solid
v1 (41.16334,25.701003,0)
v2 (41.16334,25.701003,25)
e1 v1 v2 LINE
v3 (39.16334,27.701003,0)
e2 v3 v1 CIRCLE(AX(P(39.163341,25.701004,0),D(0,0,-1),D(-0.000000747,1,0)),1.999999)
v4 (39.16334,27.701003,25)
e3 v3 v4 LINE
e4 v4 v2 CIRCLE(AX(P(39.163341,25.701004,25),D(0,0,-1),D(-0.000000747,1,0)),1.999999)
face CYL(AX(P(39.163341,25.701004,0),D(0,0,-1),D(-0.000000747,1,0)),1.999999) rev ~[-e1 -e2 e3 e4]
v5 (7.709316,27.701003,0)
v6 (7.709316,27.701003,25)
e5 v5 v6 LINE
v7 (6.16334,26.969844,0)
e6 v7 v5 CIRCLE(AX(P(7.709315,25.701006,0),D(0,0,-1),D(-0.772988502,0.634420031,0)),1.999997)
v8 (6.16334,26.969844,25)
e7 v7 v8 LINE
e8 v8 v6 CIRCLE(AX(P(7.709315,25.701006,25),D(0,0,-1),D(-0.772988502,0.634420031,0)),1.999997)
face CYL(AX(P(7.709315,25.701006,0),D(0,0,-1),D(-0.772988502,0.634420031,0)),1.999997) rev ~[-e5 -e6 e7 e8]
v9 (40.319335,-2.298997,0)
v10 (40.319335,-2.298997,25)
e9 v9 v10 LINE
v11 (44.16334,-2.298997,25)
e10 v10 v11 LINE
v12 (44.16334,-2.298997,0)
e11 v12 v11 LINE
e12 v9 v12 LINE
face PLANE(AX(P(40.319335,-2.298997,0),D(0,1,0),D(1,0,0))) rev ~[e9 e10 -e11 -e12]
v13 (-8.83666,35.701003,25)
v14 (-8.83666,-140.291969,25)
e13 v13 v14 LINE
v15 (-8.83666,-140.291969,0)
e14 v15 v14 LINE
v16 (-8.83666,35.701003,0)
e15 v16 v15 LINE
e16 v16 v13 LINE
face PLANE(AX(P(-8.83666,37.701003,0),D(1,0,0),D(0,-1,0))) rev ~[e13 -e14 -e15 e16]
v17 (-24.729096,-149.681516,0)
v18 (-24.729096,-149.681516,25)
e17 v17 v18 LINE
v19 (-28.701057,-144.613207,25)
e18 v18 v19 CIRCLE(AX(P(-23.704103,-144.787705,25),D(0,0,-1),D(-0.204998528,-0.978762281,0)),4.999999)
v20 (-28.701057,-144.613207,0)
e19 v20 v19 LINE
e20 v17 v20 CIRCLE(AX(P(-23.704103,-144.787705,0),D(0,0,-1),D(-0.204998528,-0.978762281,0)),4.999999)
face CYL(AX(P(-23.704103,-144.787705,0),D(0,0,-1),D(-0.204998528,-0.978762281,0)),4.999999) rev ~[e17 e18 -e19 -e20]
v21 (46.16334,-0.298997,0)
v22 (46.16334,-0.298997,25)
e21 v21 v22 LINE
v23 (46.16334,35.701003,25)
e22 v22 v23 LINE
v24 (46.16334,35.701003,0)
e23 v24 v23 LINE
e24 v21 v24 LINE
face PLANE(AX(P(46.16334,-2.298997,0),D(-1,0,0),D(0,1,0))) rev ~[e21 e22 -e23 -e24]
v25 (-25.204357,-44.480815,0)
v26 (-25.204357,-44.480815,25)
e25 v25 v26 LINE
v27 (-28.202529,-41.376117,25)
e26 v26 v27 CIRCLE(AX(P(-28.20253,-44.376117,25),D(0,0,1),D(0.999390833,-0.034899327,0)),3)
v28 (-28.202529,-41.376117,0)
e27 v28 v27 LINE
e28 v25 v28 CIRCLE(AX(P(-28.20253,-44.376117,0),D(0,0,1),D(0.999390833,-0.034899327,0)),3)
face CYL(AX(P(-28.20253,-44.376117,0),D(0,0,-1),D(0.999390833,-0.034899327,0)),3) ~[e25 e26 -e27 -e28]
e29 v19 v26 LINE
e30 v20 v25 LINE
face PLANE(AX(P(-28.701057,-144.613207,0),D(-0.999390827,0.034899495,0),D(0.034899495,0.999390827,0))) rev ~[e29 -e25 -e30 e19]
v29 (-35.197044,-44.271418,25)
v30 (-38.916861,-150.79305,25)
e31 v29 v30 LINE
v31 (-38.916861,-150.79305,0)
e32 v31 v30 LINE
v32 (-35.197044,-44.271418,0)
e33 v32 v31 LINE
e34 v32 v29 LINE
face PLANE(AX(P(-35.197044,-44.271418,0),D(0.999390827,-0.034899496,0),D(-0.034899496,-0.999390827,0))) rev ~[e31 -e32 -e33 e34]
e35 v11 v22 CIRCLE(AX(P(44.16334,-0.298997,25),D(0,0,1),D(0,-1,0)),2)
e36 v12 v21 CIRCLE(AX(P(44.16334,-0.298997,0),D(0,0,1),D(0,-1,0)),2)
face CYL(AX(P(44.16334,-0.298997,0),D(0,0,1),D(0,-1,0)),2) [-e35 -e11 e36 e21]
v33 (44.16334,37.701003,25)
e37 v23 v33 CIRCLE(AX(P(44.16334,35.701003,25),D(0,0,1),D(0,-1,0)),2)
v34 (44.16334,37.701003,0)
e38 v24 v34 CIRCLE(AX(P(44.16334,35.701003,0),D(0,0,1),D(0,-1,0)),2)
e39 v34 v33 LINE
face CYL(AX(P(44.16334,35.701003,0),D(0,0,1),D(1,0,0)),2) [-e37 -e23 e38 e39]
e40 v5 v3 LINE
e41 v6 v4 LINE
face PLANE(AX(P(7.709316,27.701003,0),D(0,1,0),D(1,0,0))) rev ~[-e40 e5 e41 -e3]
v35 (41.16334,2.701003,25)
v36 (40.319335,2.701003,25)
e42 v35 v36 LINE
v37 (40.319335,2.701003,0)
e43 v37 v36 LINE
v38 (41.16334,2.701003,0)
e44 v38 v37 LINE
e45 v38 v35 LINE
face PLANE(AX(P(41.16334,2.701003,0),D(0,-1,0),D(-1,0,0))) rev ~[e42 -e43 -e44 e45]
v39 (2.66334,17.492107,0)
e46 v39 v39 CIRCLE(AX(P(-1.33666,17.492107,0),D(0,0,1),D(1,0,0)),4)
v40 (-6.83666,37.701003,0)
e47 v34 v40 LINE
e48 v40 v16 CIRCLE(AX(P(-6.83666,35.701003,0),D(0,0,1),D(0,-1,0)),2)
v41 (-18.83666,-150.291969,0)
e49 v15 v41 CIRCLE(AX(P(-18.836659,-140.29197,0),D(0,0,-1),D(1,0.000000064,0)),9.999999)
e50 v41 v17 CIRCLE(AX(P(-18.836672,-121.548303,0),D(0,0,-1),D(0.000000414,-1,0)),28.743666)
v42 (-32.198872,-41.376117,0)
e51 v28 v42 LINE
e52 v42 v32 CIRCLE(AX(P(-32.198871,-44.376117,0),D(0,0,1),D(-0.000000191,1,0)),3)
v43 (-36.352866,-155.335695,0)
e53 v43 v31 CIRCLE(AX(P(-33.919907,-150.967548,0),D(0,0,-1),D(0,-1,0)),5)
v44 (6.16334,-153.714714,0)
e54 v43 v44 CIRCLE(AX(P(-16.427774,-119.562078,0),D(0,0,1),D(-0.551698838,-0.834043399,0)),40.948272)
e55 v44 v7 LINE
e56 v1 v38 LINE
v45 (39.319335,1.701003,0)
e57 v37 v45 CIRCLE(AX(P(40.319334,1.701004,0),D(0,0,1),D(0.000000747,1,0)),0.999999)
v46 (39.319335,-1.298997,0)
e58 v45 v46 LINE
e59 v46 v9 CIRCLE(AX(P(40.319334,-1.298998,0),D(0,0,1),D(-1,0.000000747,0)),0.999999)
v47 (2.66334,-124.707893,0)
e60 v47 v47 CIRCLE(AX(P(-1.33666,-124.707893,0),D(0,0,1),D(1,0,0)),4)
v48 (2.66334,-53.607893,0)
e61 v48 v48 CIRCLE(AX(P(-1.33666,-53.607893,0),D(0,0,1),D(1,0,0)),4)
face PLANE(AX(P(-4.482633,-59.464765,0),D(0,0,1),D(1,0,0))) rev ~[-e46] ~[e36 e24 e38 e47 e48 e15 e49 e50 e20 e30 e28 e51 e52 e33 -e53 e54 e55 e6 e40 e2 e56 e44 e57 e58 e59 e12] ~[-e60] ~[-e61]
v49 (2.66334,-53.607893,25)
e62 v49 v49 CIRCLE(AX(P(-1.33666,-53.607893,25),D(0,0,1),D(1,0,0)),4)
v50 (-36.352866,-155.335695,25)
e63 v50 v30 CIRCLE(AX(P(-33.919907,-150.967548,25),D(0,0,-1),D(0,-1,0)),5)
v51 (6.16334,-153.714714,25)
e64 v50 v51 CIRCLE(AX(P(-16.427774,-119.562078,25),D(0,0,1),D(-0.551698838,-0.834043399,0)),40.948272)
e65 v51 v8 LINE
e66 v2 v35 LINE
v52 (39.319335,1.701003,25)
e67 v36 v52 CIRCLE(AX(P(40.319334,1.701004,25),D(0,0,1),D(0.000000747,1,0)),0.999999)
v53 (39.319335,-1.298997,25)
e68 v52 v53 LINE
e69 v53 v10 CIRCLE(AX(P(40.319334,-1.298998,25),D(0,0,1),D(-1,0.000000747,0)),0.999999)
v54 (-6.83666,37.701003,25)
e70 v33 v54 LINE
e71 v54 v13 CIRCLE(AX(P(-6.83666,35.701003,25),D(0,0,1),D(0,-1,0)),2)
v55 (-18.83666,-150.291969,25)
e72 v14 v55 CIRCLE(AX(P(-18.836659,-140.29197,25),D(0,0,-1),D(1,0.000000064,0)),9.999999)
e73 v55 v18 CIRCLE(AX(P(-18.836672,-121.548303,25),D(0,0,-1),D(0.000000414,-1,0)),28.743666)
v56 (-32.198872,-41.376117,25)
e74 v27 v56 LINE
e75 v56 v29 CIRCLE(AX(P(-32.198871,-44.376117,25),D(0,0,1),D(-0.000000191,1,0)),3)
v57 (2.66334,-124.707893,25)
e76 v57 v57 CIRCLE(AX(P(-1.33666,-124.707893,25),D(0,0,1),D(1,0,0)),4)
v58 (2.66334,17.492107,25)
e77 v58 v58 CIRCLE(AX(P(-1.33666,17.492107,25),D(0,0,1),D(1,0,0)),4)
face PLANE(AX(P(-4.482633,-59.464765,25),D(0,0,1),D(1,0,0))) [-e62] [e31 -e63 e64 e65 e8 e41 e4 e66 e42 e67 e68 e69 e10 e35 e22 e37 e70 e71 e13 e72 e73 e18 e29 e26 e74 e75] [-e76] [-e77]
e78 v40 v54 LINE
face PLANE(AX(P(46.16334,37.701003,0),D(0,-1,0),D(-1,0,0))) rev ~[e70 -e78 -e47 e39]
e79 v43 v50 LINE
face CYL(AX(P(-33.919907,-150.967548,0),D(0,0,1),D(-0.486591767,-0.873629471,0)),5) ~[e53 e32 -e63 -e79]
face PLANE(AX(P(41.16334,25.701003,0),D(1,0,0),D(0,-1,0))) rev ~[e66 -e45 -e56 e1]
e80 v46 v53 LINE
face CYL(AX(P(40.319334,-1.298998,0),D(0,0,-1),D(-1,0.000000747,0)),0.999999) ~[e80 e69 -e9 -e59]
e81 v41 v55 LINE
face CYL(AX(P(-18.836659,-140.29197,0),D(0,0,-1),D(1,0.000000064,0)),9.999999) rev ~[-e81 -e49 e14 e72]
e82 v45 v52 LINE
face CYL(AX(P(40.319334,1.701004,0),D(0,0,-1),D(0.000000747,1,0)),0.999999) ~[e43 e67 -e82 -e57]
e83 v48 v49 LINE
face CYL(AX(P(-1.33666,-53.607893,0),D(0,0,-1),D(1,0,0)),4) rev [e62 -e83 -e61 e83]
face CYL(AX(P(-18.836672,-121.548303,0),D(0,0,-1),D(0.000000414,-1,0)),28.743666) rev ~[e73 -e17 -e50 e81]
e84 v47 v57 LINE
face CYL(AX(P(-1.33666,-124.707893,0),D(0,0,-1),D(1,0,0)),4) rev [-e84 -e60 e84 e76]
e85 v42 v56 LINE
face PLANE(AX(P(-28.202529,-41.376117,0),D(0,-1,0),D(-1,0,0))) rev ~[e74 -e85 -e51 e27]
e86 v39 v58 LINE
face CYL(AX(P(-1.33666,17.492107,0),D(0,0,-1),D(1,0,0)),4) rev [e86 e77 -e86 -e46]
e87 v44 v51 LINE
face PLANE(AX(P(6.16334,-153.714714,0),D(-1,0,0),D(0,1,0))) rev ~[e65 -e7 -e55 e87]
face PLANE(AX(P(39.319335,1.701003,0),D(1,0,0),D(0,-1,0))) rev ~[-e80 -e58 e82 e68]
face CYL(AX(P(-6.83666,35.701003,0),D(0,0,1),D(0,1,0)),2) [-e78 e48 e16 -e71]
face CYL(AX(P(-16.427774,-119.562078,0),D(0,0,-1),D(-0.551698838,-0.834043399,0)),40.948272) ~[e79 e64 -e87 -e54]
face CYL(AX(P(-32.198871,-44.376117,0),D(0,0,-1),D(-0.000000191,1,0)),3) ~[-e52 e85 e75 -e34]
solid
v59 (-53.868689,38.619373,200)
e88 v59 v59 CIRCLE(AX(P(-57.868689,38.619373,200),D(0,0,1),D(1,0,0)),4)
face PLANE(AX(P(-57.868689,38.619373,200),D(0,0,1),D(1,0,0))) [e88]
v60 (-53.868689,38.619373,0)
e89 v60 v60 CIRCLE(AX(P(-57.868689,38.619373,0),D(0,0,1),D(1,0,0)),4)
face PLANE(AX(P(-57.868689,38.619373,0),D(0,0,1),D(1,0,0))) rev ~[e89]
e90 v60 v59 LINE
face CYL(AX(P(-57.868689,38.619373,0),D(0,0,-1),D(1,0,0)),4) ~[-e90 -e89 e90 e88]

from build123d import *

# Parameters (mm, degrees)
F0_R     = 4
F1_DEPTH = 25
F2_R     = 2
F3_R     = 5
F4_R     = 4
F5_DEPTH = 200


with BuildPart() as f1:
    # F0 (on Top) → F1 (new body)
    with BuildSketch(Plane.XY):
        with BuildLine():
            ThreePointArc((6.16334, 26.969844), (6.854238, 27.508997), (7.709316, 27.701003))
            Line((7.709316, 27.701003), (39.16334, 27.701003))
            ThreePointArc((39.16334, 27.701003), (40.577554, 27.115217), (41.16334, 25.701003))
            Line((41.16334, 25.701003), (41.16334, 2.701003))
            Line((41.16334, 2.701003), (40.319335, 2.701003))
            ThreePointArc((40.319335, 2.701003), (39.612228, 2.40811), (39.319335, 1.701003))
            Line((39.319335, 1.701003), (39.319335, -1.298997))
            ThreePointArc((39.319335, -1.298997), (39.612228, -2.006104), (40.319335, -2.298997))
            Line((40.319335, -2.298997), (41.16334, -2.298997))
            Line((41.16334, -2.298997), (46.16334, -2.298997))
            Line((46.16334, -2.298997), (46.16334, 37.701003))
            Line((46.16334, 37.701003), (-8.83666, 37.701003))
            Line((-8.83666, 37.701003), (-8.83666, -140.291969))
            ThreePointArc((-8.83666, -140.291969), (-11.765592, -147.363037), (-18.83666, -150.291969))
            ThreePointArc((-18.83666, -150.291969), (-21.798647, -150.138949), (-24.729096, -149.681516))
            ThreePointArc((-24.729096, -149.681516), (-27.63957, -147.871874), (-28.701057, -144.613207))
            Line((-28.701057, -144.613207), (-25.204357, -44.480815))
            ThreePointArc((-25.204357, -44.480815), (-26.04451, -42.292142), (-28.202529, -41.376117))
            Line((-28.202529, -41.376117), (-32.198872, -41.376117))
            ThreePointArc((-32.198872, -41.376117), (-34.282847, -42.218098), (-35.197044, -44.271418))
            Line((-35.197044, -44.271418), (-39.018888, -153.714714))
            ThreePointArc((-39.018888, -153.714714), (-16.427774, -160.51035), (6.16334, -153.714714))
            Line((6.16334, -153.714714), (6.16334, 26.969844))
        make_face()
        with Locations((-1.33666, -124.707893)):
            Circle(F0_R, mode=Mode.SUBTRACT)
        with Locations((-1.33666, -53.607893)):
            Circle(F0_R, mode=Mode.SUBTRACT)
        with Locations((-1.33666, 17.492107)):
            Circle(F0_R, mode=Mode.SUBTRACT)
    extrude(amount=F1_DEPTH)

    # F2
    f2_edges = [f1.edges().sort_by_distance(p)[0] for p in [
        (-8.83666, 37.701003, 12.5),
        (46.16334, 37.701003, 12.5),
        (46.16334, -2.298997, 12.5),
    ]]
    fillet(f2_edges, radius=F2_R)

    # F3
    f3_edges = [f1.edges().sort_by_distance(p)[0] for p in [
        (-39.018888, -153.714714, 12.5),
    ]]
    fillet(f3_edges, radius=F3_R)


with BuildPart() as f5:
    # F4 (on Top) → F5 (new body)
    with BuildSketch(Plane.XY):
        with Locations((-57.868689, 38.619373)):
            Circle(F4_R)
    extrude(amount=F5_DEPTH)


solid = Compound([f1.part, f5.part])
